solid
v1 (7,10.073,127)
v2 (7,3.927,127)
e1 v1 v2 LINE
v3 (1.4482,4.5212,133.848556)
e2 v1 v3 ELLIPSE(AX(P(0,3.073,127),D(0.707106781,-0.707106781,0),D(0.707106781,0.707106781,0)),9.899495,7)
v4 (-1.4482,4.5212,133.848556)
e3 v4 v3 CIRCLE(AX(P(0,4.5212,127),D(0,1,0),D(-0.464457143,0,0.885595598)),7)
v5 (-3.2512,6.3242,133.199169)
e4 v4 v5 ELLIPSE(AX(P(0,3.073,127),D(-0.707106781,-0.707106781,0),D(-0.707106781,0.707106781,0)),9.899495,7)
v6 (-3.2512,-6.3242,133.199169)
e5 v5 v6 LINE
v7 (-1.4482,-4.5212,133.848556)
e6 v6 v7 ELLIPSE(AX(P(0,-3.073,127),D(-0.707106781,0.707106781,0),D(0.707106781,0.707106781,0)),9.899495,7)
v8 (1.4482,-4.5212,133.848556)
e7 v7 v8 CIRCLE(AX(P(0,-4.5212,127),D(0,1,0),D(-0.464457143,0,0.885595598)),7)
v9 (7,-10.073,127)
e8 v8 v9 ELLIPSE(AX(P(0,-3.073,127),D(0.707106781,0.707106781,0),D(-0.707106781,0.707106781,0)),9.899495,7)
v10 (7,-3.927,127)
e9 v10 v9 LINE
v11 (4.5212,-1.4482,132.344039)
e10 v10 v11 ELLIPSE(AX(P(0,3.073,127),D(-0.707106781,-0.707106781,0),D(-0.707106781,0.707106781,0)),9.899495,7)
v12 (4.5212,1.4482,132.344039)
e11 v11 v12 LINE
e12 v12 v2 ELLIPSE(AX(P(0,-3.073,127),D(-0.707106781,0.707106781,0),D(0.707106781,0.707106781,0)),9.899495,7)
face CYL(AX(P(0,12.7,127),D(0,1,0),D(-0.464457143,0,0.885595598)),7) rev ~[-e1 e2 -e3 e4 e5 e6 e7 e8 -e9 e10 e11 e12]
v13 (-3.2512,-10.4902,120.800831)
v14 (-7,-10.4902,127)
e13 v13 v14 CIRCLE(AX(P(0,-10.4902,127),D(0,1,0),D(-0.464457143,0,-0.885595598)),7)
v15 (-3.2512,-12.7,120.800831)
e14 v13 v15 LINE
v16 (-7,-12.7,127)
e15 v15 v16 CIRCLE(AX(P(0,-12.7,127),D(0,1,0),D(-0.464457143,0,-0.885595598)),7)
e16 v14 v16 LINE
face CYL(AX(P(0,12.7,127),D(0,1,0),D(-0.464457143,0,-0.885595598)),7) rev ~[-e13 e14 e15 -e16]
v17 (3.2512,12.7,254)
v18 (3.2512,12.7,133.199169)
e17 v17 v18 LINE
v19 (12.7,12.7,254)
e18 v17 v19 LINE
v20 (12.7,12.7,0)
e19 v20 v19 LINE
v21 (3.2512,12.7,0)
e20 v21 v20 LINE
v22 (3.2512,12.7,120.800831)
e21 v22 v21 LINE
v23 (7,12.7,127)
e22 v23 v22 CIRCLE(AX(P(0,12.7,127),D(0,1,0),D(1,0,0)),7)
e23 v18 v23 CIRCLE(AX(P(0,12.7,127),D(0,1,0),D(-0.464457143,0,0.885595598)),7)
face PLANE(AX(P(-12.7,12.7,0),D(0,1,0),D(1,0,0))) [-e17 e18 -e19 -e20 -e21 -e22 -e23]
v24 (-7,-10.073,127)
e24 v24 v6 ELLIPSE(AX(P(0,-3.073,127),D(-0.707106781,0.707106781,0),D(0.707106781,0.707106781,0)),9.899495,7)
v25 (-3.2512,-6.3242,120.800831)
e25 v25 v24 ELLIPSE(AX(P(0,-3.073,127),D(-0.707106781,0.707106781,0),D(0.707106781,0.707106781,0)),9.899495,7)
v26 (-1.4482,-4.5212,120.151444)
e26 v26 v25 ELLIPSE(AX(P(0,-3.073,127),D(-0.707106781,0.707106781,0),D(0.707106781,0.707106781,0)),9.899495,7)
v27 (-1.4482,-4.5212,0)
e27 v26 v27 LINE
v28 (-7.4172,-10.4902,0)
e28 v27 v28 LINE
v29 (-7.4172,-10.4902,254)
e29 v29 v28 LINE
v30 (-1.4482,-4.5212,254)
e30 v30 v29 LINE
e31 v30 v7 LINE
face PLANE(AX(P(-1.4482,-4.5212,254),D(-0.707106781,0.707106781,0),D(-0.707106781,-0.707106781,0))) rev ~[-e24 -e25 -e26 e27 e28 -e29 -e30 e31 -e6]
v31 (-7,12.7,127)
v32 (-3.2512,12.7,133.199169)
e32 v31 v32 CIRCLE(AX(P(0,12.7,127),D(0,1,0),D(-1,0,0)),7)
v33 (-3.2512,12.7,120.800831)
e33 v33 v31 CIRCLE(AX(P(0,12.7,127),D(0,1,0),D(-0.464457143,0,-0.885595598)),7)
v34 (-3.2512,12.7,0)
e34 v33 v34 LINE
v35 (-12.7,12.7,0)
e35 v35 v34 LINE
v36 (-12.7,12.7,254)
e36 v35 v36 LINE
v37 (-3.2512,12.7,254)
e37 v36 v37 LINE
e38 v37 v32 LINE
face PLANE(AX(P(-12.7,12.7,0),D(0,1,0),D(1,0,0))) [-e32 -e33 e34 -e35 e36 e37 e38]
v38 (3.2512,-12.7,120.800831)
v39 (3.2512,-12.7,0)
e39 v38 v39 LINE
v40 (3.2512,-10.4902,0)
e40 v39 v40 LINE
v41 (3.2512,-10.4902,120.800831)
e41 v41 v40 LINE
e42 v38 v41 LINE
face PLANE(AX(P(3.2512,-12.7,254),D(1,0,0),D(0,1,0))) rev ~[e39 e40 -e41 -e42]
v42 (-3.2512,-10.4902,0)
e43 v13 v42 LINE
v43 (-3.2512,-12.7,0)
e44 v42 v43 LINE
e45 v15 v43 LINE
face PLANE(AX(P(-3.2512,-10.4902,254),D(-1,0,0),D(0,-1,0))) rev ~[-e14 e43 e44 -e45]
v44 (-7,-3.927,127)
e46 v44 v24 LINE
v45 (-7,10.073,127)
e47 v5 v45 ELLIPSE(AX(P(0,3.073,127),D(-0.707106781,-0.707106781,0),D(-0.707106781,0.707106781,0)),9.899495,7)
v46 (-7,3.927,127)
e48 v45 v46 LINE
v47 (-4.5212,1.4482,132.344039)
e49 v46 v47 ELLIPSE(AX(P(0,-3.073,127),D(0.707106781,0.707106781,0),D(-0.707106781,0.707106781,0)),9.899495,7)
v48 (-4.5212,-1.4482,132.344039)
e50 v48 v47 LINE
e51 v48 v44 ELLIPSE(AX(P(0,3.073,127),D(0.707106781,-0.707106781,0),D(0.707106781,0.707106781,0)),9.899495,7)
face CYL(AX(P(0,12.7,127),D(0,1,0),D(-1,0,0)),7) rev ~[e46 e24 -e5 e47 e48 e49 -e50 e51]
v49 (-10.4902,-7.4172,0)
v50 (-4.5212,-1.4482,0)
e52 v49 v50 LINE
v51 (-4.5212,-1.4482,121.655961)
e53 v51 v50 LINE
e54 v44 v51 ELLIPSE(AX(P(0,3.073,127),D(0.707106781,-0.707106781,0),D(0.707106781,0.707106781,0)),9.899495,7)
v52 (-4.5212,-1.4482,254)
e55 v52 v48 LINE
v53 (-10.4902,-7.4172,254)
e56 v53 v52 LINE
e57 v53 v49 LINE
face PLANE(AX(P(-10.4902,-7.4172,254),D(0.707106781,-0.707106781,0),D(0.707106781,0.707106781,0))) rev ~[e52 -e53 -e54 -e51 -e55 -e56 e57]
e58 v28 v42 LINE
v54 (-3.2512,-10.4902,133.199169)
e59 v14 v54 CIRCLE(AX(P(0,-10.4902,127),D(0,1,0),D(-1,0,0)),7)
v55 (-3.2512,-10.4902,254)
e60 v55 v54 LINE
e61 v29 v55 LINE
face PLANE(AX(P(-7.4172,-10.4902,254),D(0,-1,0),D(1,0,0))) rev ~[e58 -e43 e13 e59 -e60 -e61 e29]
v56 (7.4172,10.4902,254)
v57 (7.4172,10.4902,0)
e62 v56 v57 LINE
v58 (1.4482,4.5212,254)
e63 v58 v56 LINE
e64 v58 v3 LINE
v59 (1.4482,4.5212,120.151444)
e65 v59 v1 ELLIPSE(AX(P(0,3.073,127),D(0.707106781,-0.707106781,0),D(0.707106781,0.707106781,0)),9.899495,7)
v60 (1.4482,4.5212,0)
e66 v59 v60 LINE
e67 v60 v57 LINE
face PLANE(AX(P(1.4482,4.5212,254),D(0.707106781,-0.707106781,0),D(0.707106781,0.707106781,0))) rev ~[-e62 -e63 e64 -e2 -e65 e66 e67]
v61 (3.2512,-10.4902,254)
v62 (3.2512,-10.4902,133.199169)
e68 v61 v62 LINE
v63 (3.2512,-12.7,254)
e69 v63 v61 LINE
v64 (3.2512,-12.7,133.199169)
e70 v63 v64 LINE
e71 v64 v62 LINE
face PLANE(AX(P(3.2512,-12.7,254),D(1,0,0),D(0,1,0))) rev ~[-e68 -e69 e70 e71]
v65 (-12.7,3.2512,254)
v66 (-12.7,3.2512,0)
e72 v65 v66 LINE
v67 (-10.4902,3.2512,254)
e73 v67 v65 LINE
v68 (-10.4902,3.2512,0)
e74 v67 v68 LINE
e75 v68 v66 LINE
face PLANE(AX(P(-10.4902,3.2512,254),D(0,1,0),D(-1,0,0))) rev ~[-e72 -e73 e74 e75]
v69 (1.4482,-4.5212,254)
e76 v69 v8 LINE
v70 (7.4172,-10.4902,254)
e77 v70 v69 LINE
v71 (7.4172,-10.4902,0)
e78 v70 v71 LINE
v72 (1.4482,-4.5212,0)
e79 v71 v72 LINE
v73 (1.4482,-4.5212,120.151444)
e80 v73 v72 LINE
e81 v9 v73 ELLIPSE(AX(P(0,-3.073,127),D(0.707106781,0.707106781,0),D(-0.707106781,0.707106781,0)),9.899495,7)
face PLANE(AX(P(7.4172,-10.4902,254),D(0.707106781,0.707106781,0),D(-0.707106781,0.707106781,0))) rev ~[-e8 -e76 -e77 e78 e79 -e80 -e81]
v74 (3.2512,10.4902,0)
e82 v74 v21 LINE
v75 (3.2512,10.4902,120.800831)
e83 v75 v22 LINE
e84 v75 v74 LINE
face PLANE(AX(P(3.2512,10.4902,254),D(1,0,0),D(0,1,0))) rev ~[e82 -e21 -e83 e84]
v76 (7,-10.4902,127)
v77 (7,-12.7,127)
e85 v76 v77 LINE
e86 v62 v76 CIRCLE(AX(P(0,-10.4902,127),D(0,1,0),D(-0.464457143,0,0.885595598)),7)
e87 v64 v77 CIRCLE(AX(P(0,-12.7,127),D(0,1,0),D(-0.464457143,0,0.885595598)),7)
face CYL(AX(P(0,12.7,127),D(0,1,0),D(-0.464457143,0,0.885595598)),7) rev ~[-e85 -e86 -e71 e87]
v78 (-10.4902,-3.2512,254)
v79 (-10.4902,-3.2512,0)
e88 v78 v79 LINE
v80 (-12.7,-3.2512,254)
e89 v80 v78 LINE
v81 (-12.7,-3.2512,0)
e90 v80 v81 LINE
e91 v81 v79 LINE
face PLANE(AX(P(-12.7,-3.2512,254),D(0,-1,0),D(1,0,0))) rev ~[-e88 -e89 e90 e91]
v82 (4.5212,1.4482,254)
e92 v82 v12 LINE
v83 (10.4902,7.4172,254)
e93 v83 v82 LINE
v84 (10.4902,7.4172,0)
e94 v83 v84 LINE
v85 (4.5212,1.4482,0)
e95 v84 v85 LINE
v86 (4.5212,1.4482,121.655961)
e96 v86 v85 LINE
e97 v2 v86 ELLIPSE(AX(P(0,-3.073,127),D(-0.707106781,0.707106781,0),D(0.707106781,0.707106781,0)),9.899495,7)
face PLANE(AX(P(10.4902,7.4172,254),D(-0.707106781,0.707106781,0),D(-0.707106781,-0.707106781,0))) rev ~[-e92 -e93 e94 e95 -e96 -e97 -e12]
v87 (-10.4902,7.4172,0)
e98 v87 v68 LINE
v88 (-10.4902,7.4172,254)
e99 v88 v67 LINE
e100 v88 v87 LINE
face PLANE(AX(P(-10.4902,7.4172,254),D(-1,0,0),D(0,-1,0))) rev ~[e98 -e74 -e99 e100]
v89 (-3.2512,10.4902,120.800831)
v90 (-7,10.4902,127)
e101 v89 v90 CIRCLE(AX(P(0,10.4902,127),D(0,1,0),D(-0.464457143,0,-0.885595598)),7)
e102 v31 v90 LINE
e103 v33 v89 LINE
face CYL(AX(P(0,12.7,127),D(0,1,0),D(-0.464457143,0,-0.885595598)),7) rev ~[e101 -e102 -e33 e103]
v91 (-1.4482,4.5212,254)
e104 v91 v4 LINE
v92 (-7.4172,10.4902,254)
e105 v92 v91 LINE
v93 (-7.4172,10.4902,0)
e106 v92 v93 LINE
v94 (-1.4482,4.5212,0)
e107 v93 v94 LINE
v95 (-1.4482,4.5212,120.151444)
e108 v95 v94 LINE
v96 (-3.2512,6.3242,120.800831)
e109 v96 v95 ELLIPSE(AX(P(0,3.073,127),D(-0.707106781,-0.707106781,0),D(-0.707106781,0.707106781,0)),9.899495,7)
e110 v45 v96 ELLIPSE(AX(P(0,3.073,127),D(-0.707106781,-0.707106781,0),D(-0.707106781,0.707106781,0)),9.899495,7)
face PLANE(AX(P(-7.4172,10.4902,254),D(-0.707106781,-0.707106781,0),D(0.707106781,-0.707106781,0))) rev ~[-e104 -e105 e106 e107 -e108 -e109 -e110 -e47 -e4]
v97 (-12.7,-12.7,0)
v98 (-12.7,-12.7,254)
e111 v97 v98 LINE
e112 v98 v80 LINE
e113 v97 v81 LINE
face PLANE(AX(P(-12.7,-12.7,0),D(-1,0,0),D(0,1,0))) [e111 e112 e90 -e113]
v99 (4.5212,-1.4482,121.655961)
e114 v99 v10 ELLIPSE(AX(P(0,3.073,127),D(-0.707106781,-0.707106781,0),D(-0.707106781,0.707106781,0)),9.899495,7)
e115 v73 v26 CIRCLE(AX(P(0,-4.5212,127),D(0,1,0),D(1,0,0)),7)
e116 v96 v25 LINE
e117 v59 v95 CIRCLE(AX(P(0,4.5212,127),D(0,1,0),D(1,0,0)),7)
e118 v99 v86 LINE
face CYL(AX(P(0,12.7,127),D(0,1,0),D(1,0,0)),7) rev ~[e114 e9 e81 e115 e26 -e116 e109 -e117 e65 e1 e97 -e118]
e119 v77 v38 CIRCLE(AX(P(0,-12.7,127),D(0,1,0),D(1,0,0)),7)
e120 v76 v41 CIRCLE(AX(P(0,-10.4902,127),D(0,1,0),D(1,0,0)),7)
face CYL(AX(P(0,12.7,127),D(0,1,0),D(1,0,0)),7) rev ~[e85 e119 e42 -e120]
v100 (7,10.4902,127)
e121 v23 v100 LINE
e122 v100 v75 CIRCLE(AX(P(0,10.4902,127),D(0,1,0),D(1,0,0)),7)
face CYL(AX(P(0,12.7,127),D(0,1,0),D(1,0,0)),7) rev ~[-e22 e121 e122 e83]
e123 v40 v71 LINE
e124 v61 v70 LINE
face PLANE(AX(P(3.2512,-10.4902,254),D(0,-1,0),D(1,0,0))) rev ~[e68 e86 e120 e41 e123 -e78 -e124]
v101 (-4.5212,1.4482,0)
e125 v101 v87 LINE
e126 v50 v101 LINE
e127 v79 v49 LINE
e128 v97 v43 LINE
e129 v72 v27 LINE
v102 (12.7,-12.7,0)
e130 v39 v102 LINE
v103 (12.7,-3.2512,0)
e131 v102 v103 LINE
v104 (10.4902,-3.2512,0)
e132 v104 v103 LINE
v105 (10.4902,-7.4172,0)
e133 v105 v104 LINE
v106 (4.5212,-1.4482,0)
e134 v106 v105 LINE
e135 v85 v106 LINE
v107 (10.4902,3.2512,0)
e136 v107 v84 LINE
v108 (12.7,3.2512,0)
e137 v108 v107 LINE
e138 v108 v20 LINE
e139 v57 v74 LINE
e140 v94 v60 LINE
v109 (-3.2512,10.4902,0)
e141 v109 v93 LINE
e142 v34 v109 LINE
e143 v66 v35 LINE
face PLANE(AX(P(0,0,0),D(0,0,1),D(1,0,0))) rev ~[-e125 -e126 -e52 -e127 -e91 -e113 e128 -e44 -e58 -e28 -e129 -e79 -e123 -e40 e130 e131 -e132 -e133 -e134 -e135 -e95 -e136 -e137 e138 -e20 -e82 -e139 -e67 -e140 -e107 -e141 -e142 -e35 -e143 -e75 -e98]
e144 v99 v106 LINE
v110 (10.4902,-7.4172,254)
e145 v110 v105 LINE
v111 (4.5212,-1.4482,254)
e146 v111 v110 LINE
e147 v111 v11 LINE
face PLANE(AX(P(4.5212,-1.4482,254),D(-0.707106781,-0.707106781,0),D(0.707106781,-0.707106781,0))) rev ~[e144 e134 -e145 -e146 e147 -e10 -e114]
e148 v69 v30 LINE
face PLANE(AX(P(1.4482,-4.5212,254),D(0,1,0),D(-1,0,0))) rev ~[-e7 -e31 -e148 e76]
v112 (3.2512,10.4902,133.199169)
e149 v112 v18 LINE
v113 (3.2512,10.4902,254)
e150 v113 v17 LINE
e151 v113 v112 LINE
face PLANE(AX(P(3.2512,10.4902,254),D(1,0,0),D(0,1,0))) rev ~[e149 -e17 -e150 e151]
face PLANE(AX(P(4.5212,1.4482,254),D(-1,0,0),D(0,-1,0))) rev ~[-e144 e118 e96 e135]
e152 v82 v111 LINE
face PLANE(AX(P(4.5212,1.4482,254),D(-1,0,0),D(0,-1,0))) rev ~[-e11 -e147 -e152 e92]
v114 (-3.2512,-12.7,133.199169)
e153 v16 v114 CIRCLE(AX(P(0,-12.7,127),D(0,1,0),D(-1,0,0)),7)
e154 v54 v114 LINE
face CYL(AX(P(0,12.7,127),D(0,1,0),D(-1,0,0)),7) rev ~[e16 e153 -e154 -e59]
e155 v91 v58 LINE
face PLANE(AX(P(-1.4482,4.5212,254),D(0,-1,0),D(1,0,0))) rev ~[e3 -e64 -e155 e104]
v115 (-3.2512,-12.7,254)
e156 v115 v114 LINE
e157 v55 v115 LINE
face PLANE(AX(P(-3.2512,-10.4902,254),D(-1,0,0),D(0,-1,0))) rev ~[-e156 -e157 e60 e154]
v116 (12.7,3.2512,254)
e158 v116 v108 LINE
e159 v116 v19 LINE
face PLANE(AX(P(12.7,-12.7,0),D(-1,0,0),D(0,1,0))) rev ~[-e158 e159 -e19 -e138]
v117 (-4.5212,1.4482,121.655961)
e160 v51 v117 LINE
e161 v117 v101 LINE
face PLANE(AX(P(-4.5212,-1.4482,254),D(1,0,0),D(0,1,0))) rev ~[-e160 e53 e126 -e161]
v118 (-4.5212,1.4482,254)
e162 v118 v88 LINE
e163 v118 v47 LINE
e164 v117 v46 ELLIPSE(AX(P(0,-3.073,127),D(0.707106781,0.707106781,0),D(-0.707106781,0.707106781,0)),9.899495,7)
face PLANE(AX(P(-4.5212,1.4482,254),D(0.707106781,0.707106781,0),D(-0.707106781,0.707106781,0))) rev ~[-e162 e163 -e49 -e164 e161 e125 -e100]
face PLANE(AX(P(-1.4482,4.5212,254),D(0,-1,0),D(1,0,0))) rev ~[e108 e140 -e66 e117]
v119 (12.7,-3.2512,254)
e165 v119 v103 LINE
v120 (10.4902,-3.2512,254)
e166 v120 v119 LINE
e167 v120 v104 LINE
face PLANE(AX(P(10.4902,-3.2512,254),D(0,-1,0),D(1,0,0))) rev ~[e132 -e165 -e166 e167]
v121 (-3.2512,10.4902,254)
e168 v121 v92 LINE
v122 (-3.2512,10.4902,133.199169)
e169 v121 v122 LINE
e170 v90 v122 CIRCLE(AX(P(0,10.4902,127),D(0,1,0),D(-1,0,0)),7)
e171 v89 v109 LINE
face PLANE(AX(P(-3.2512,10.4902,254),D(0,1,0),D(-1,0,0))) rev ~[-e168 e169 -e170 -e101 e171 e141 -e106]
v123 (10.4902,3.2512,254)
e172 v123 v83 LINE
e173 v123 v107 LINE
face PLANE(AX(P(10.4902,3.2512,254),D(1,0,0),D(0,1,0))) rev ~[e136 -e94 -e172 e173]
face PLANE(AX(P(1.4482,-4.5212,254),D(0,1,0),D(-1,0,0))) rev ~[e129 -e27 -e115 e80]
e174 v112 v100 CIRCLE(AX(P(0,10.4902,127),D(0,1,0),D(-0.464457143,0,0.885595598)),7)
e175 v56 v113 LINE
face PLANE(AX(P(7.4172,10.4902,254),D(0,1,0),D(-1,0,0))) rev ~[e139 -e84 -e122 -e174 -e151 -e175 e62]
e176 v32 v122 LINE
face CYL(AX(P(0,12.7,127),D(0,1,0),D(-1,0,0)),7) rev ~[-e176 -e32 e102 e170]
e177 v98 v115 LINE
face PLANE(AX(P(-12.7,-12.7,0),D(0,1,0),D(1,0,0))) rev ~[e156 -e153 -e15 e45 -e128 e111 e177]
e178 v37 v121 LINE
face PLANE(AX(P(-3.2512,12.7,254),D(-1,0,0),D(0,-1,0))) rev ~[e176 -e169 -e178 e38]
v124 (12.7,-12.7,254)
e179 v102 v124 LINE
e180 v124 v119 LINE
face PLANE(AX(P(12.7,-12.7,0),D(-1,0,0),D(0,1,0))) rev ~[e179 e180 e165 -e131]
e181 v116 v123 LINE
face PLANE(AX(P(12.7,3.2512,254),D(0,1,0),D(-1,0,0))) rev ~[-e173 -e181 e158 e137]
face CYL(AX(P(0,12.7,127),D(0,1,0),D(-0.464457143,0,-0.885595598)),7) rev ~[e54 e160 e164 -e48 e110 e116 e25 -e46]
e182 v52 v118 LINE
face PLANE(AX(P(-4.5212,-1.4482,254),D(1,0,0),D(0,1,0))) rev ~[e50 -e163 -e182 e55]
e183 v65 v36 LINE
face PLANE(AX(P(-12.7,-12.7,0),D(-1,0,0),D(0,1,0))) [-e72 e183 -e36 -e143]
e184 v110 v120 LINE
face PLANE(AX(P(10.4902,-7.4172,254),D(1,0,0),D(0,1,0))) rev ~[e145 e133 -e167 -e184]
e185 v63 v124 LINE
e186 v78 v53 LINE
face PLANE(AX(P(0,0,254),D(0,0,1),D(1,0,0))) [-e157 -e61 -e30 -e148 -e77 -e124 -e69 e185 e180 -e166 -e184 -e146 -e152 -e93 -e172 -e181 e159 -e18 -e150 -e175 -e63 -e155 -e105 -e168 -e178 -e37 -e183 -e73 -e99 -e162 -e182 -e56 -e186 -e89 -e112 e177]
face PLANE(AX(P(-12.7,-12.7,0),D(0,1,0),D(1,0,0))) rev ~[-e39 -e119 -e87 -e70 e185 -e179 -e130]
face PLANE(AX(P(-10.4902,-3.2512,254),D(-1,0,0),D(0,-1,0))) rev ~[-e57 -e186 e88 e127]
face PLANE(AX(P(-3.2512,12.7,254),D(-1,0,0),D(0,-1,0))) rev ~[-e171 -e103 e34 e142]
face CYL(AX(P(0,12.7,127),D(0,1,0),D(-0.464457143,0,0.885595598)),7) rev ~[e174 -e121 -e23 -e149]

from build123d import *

# Parameters (mm, degrees)
SKETCH1_W           = 25.4
SKETCH1_H           = 25.4
BOSS_EXTRUDE2_DEPTH = 254
CUT_EXTRUDE1_DEPTH  = 254
CUT_EXTRUDE2_DEPTH  = 250


with BuildPart() as part:
    # Sketch1 → Boss-Extrude2 (new body)
    with BuildSketch(Plane.XY):
        Rectangle(SKETCH1_W, SKETCH1_H)
    extrude(amount=BOSS_EXTRUDE2_DEPTH)

    # Sketch3 → Cut-Extrude1 (cut)
    with BuildSketch(Plane.XY.offset(254)):
        Polygon((-4.5212, -1.4482), (-4.5212, 1.4482), (-10.4902, 7.4172), (-10.4902, 3.2512), (-12.7, 3.2512), (-12.7, -3.2512), (-10.4902, -3.2512), (-10.4902, -7.4172), align=None)
        Polygon((-7.4172, 10.4902), (-1.4482, 4.5212), (1.4482, 4.5212), (7.4172, 10.4902), (3.2512, 10.4902), (3.2512, 12.7), (0, 12.7), (-3.2512, 12.7), (-3.2512, 10.4902), align=None)
        Polygon((10.4902, 7.4172), (4.5212, 1.4482), (4.5212, -1.4482), (10.4902, -7.4172), (10.4902, -3.2512), (12.7, -3.2512), (12.7, 3.2512), (10.4902, 3.2512), align=None)
        Polygon((1.4482, -4.5212), (-1.4482, -4.5212), (-7.4172, -10.4902), (-3.2512, -10.4902), (-3.2512, -12.7), (3.2512, -12.7), (3.2512, -10.4902), (7.4172, -10.4902), align=None)
    extrude(amount=-CUT_EXTRUDE1_DEPTH, mode=Mode.SUBTRACT)

    # Sketch5 → Cut-Extrude2 (cut)
    with BuildSketch(Plane(origin=(0, 12.7, 0), x_dir=(1, 0, 0), z_dir=(0, 1, 0))):
        with BuildLine():
            ThreePointArc((-3.2512, -120.800830817), (-5.989924874, -123.377735515), (-7, -127))
            Line((-7, -127), (-3.2512, -127))
            Line((-3.2512, -127), (-3.2512, -120.800830817))
        make_face()
        with BuildLine():
            Line((-3.2512, -127), (-7, -127))
            ThreePointArc((-7, -127), (-5.989924874, -130.622264485), (-3.2512, -133.199169183))
            Line((-3.2512, -133.199169183), (-3.2512, -127))
        make_face()
        with BuildLine():
            Line((-3.2512, -120.800830817), (-3.2512, -127))
            Line((-3.2512, -127), (7, -127))
            ThreePointArc((7, -127), (3.622264485, -121.010075126), (-3.2512, -120.800830817))
        make_face()
        with BuildLine():
            Line((7, -127), (-3.2512, -127))
            Line((-3.2512, -127), (-3.2512, -133.199169183))
            ThreePointArc((-3.2512, -133.199169183), (3.622264485, -132.989924874), (7, -127))
        make_face()
    extrude(amount=-CUT_EXTRUDE2_DEPTH, mode=Mode.SUBTRACT)


solid = part.part
